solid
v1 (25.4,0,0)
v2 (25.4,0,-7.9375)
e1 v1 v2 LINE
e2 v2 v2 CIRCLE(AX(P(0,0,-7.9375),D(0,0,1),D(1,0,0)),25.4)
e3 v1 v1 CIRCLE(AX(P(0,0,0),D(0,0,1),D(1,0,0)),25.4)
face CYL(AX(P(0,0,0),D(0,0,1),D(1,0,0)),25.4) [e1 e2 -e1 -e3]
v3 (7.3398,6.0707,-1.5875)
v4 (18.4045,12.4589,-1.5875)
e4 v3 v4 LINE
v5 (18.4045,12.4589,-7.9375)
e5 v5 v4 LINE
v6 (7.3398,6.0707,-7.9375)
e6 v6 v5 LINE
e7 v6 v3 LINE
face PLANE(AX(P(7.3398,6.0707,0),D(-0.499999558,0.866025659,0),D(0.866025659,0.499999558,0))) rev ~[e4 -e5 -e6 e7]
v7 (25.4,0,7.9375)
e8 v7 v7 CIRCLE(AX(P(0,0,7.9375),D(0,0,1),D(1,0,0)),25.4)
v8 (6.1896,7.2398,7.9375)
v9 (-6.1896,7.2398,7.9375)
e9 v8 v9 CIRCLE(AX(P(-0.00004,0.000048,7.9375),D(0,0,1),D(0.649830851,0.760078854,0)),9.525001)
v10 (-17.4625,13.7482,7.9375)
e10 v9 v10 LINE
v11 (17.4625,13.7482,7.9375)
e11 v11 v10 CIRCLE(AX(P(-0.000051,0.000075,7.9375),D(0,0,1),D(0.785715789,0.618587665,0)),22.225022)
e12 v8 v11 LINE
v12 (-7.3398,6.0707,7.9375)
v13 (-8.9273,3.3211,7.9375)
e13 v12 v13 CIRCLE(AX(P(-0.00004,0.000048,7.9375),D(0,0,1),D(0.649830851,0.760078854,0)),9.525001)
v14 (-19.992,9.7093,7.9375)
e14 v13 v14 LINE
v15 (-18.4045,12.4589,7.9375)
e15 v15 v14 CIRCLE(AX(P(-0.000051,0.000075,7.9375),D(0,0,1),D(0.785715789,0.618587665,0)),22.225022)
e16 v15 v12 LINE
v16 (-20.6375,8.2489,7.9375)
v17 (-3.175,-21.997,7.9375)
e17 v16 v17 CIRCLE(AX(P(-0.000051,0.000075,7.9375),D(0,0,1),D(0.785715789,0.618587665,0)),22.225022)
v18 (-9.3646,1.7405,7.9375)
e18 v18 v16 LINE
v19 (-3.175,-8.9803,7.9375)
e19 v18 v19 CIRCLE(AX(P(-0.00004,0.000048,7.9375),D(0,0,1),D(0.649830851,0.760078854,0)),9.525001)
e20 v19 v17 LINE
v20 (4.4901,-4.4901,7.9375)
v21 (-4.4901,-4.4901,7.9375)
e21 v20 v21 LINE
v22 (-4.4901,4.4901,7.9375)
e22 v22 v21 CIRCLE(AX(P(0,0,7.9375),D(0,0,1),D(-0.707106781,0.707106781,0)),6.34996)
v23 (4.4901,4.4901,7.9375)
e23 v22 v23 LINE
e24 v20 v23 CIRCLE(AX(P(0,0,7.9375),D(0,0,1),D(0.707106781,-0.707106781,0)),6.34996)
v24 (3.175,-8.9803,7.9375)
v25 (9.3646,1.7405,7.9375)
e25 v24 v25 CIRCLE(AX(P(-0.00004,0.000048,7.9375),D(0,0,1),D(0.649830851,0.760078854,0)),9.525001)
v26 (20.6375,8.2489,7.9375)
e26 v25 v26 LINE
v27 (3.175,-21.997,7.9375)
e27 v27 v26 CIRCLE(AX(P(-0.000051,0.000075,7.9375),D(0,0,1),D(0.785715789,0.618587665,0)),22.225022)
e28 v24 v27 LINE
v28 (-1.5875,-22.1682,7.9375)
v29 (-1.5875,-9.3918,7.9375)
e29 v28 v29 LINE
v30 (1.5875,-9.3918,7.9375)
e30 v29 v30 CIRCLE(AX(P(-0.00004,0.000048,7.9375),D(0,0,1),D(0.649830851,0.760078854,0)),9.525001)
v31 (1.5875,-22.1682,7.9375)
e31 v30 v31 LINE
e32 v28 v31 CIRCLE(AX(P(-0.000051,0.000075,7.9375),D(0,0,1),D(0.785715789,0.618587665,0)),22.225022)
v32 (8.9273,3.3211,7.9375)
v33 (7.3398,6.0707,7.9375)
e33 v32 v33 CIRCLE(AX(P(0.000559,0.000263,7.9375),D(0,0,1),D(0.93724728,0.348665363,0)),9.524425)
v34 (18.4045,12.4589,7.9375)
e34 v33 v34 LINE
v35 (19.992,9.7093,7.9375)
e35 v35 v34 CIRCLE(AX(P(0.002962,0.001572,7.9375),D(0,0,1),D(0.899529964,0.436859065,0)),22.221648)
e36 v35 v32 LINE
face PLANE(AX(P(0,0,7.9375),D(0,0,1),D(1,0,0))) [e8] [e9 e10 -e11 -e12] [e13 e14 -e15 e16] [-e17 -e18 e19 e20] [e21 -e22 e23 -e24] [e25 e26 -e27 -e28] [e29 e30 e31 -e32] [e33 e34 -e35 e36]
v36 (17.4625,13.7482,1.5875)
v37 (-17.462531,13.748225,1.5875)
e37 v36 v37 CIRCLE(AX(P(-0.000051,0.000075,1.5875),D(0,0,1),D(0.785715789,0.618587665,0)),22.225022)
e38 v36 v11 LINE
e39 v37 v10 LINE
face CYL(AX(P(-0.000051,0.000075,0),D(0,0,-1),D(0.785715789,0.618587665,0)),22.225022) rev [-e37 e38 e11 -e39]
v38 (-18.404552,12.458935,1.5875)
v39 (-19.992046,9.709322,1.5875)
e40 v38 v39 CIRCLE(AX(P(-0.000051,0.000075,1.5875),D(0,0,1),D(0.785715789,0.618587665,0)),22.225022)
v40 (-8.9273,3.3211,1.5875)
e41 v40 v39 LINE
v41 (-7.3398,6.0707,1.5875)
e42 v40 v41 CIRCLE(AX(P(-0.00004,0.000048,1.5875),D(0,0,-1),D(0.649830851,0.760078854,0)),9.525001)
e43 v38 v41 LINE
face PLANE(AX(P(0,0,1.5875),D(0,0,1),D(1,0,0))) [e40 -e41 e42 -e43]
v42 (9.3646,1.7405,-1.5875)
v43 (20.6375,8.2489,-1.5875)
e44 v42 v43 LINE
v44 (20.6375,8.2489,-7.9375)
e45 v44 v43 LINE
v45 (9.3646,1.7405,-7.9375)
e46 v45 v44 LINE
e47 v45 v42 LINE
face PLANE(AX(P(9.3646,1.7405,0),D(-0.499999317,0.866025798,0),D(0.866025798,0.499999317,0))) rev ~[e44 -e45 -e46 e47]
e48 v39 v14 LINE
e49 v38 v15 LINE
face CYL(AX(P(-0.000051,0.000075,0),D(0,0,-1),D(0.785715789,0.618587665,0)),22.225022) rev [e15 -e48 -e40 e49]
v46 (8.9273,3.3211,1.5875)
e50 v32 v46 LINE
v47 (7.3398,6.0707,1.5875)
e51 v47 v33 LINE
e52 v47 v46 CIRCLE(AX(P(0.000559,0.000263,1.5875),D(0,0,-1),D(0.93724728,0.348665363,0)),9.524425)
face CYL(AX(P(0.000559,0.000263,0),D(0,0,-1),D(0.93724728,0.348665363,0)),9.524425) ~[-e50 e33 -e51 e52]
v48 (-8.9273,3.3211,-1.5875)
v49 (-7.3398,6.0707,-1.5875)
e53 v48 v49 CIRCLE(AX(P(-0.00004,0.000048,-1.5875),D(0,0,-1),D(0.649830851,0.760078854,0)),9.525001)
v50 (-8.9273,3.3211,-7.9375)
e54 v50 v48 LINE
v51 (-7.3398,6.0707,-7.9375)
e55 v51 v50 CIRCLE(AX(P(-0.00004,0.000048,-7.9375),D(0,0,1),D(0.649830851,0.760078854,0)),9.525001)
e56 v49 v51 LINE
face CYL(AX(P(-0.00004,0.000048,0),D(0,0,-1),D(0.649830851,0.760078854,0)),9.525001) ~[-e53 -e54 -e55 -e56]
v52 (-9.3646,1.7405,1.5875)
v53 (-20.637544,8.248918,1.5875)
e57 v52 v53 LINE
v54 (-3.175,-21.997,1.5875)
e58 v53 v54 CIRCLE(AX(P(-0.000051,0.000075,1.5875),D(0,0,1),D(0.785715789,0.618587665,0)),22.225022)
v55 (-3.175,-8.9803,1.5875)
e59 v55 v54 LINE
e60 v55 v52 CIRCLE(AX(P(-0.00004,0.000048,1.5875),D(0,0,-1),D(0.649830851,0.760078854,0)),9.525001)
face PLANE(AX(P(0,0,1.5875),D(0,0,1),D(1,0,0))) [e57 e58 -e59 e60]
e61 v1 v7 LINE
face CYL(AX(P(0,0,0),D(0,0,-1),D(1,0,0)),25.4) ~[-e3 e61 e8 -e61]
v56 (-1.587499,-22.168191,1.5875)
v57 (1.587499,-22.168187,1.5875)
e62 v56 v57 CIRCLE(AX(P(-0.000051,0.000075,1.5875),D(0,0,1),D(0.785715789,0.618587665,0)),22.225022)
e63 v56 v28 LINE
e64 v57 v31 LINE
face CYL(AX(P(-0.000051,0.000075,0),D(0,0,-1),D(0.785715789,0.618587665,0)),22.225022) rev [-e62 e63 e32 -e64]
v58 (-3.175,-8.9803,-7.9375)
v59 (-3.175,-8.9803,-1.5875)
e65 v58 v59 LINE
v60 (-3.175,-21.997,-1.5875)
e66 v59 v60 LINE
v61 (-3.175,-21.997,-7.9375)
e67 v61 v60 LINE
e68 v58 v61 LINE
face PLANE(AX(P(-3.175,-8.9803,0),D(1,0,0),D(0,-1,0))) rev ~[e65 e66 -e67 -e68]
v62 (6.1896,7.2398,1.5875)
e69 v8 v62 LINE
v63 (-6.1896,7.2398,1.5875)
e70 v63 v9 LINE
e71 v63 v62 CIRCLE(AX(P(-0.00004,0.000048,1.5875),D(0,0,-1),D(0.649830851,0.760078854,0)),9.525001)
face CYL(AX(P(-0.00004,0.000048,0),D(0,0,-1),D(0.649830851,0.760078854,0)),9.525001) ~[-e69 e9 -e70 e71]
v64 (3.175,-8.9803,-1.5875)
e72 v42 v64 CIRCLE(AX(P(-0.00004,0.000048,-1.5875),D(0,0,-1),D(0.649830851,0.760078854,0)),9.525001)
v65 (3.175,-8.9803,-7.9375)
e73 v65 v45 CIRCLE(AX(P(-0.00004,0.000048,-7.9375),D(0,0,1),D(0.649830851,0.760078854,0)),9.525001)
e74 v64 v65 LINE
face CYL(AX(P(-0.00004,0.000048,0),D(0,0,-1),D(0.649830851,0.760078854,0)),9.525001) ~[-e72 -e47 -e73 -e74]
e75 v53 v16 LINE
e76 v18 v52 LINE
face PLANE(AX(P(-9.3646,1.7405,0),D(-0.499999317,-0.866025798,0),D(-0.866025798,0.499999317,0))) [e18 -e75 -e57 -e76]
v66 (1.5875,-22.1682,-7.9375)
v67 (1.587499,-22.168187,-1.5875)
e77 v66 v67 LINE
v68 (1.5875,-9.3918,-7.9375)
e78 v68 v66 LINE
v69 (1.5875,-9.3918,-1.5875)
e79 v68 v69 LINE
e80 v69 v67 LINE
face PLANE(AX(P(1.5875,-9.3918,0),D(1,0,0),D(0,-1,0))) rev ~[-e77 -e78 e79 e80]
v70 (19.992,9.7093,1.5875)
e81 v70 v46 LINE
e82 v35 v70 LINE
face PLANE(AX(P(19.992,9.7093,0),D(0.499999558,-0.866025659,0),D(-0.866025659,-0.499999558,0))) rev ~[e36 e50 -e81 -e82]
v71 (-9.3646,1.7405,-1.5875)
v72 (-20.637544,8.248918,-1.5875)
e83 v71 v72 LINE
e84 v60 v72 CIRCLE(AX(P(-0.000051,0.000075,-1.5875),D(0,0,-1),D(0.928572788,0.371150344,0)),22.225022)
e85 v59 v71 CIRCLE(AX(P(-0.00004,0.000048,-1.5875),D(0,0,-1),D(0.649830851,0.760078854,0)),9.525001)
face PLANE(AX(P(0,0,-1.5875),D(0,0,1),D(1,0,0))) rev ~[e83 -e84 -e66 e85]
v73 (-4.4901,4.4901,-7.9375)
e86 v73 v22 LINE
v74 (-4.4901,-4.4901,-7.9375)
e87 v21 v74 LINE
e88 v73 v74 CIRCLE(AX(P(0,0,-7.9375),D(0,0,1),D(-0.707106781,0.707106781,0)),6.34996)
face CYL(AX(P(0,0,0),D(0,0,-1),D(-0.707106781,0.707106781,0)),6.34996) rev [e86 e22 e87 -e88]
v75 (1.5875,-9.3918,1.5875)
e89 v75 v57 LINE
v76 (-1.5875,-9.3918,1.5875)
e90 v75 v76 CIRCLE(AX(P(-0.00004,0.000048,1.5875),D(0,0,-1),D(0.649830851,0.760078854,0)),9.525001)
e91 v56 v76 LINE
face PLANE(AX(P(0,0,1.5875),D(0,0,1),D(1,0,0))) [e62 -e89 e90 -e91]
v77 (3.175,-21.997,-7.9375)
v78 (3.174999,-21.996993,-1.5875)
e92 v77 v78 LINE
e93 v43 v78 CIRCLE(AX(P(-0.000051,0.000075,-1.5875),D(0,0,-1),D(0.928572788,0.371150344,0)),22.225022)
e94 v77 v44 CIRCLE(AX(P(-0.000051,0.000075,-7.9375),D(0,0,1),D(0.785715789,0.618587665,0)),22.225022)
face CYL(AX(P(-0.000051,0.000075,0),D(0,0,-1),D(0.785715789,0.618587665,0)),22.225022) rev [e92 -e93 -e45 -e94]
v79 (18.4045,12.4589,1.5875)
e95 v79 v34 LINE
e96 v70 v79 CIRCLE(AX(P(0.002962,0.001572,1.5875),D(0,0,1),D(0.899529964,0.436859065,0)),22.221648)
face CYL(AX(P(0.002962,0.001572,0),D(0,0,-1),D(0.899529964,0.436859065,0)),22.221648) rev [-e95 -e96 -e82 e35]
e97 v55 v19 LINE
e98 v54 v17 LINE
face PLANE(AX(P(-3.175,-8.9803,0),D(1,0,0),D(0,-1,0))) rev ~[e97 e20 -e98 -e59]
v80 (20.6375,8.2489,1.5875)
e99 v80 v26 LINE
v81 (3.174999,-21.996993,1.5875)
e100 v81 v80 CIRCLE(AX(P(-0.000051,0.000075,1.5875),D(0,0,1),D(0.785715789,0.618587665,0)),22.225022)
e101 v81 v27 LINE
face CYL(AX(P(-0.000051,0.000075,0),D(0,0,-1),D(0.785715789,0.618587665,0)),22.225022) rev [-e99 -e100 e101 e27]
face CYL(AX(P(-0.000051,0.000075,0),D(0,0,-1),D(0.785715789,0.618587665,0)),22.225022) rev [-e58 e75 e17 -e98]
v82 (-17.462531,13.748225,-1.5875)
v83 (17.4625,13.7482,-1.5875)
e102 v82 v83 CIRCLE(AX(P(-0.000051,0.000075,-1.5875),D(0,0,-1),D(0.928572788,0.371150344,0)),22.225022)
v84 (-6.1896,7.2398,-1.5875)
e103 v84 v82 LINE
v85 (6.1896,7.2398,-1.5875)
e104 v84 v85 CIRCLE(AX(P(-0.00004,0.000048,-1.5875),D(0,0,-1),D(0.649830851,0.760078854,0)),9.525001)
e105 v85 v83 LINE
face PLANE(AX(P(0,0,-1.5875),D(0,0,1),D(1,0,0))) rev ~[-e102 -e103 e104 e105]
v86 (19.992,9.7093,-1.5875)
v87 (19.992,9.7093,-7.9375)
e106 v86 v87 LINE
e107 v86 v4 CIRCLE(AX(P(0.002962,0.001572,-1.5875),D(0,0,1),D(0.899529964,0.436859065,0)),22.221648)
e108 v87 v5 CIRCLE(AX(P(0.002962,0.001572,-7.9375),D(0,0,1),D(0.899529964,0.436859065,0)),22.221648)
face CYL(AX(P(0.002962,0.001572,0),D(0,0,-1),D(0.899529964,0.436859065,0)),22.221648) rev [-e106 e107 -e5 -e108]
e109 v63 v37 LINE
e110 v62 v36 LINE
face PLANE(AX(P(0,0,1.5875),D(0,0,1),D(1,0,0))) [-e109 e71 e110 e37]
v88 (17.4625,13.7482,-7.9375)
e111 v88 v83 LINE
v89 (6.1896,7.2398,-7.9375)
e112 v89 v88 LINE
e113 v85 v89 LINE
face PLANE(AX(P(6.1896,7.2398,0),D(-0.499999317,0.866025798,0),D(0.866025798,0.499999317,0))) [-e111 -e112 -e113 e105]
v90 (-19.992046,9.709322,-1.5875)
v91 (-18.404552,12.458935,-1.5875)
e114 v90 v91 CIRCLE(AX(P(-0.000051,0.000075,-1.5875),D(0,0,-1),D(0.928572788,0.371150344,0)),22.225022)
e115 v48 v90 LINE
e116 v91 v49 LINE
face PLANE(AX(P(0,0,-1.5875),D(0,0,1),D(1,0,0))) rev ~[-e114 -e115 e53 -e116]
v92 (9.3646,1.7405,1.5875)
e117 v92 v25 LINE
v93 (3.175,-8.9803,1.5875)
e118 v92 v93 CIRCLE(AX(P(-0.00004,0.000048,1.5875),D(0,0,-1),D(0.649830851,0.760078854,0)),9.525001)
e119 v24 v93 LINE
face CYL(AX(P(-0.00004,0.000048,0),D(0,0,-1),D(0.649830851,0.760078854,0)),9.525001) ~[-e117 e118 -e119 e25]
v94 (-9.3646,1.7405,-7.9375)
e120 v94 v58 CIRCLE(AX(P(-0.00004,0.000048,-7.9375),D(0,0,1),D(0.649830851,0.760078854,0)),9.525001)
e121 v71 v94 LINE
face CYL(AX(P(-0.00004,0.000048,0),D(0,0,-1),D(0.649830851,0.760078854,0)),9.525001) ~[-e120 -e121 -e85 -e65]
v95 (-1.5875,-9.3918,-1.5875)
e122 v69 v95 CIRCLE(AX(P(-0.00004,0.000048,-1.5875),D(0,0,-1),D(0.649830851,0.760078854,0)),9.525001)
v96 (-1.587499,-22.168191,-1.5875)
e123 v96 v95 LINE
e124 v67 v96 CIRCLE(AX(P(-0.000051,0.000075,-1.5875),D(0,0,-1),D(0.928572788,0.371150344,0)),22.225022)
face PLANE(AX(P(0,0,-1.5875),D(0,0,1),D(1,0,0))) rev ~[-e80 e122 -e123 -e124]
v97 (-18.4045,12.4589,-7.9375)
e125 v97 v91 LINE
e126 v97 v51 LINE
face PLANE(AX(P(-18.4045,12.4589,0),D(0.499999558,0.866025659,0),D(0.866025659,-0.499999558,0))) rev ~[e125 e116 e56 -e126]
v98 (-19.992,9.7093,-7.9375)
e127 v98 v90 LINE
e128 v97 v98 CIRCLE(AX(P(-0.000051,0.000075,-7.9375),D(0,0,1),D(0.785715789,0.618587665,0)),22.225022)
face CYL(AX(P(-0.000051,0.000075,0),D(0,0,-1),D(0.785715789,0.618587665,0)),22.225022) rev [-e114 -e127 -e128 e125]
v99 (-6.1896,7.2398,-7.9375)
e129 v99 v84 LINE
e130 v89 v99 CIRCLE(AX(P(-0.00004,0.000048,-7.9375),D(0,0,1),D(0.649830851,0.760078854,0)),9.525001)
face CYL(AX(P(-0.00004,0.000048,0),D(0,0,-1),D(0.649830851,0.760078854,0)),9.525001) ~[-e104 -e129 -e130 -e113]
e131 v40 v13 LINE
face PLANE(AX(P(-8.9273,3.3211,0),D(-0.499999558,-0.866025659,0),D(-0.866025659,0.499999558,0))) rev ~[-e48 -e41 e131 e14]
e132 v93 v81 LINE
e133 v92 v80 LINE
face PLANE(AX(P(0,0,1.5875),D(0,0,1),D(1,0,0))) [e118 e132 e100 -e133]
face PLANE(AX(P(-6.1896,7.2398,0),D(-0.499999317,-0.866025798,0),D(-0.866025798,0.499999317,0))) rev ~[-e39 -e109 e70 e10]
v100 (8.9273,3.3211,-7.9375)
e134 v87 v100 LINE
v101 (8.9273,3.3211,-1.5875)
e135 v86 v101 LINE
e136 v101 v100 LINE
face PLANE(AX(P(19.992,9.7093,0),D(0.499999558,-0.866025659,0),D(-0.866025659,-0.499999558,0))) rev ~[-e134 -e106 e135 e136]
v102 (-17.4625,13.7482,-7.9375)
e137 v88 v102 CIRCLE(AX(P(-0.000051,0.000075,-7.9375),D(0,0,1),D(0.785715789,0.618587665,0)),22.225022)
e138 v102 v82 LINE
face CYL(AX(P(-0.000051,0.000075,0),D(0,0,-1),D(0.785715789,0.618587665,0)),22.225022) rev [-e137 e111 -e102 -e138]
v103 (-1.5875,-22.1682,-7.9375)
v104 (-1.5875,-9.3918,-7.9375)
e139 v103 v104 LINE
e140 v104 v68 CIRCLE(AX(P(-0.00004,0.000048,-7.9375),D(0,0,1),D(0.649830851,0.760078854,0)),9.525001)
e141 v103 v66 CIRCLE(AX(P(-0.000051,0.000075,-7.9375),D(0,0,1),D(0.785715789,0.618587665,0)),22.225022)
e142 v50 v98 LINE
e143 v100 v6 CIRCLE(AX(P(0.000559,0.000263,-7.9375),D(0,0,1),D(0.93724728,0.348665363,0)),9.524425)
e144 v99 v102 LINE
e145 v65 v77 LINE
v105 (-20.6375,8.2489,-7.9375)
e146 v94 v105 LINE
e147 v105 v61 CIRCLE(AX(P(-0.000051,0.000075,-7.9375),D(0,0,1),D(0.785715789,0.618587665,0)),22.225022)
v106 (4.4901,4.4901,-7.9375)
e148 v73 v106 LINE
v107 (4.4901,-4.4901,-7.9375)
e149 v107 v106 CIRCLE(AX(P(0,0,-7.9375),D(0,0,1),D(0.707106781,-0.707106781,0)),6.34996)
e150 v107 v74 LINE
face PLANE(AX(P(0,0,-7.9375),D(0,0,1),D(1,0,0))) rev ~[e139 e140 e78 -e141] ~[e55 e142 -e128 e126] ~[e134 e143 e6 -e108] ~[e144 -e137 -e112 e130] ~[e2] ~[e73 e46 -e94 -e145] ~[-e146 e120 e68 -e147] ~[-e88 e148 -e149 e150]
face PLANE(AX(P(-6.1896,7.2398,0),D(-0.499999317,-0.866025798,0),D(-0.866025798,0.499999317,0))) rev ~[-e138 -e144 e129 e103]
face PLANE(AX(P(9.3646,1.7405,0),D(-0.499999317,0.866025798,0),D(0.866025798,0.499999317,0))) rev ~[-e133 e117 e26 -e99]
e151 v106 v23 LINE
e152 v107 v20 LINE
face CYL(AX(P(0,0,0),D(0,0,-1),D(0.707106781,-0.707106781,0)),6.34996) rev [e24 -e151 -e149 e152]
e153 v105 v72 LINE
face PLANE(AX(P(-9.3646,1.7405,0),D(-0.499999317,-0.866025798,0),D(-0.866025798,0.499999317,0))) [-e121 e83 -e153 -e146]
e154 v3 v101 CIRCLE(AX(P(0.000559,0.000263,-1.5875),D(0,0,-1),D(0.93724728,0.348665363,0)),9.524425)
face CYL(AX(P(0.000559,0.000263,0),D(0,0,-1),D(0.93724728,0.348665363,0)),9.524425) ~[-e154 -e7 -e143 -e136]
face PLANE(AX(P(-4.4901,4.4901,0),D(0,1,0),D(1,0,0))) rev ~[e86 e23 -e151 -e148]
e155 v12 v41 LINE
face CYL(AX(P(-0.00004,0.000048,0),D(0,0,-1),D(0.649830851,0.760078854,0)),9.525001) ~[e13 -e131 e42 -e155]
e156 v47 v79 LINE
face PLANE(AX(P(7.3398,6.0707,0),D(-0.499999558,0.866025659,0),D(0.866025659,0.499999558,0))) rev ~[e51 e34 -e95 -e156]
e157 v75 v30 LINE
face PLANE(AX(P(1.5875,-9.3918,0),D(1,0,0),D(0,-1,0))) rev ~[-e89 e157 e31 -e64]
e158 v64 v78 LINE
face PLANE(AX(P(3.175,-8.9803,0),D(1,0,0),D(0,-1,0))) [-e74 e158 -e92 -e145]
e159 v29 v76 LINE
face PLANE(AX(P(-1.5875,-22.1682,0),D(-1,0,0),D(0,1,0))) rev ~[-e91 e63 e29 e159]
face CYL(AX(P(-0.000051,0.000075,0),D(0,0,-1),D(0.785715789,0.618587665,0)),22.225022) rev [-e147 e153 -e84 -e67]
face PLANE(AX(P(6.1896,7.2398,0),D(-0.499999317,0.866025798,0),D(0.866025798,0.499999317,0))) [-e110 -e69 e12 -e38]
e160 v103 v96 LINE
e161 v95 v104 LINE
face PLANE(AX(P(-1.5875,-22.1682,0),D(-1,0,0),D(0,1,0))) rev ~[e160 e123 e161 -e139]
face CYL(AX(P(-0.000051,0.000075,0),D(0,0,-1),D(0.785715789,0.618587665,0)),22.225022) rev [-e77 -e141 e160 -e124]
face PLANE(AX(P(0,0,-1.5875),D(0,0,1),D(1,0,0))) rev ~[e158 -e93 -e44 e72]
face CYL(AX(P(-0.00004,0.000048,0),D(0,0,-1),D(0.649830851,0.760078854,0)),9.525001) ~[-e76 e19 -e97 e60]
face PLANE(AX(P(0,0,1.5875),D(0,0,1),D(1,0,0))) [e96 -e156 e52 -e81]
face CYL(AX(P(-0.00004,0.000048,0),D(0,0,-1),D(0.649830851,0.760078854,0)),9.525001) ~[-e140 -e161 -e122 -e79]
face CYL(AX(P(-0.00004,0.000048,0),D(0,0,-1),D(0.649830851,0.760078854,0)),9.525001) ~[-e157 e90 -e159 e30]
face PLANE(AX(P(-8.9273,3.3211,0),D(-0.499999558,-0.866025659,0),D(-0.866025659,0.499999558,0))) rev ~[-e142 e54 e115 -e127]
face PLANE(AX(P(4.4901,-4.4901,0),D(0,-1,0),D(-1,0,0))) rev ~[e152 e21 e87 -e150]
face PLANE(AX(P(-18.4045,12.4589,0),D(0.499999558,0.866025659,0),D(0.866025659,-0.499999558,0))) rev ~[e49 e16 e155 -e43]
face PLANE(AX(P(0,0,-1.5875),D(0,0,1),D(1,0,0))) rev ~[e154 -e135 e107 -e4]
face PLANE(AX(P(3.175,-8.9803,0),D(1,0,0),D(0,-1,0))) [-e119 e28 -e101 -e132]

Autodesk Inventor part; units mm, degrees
ref_plane "YZ Plane" through (0, 0, 0) normal (1, 0, 0) x (0, 1, 0)
ref_plane "XZ Plane" through (0, 0, 0) normal (0, 1, 0) x (-1, 0, 0)
ref_plane "XY Plane" through (0, 0, 0) normal (0, 0, 1) x (1, 0, 0)
sketch "Sketch1" plane through (0, 0, 0) normal (0, 0, 1) x (1, 0, 0)
  line L0 (-4.4901, 4.4901) -> (4.4901, 4.4901)
  line L1 (4.4901, 4.4901) -> (4.4901, -4.4901) construction
  line L2 (4.4901, -4.4901) -> (-4.4901, -4.4901)
  line L3 (-4.4901, -4.4901) -> (-4.4901, 4.4901) construction
  arc A0 (-4.4901, 4.4901) -> (-4.4901, -4.4901) centre (0, 0) ccw
  arc A1 (4.4901, -4.4901) -> (4.4901, 4.4901) centre (0, 0) ccw
  arc A2 (6.1896, 7.2398) -> (9.3646, 1.7405) centre (0, 0) ccw
  arc A3 (17.4625, 13.7482) -> (20.6375, 8.2489) centre (0, 0) ccw
  circle A4 centre (0, 0) radius 25.4
  line L4 (6.1896, 7.2398) -> (17.4625, 13.7482)
  line L5 (7.3398, 6.0707) -> (18.4045, 12.4589)
  line L6 (19.992, 9.7093) -> (8.9273, 3.3211)
  line L7 (9.3646, 1.7405) -> (20.6375, 8.2489)
  line L8 (0, 0) -> (19.2474, 11.1125) construction
  arc A5 (7.3398, 6.0707) -> (6.1896, 7.2398) centre (0, 0) ccw
  arc A6 (8.9273, 3.3211) -> (7.3398, 6.0707) centre (0, 0) ccw
  arc A7 (9.3646, 1.7405) -> (8.9273, 3.3211) centre (0, 0) ccw
  arc A8 (18.4045, 12.4589) -> (17.4625, 13.7482) centre (0, 0) ccw
  arc A9 (19.992, 9.7093) -> (18.4045, 12.4589) centre (0, 0) ccw
  arc A10 (20.6375, 8.2489) -> (19.992, 9.7093) centre (0, 0) ccw
  line L9 (-9.3646, 1.7405) -> (-20.6375, 8.2489)
  line L10 (-8.9273, 3.3211) -> (-19.992, 9.7093)
  line L11 (-18.4045, 12.4589) -> (-7.3398, 6.0707)
  line L12 (-6.1896, 7.2398) -> (-17.4625, 13.7482)
  arc A11 (-8.9273, 3.3211) -> (-9.3646, 1.7405) centre (0, 0) ccw
  arc A12 (-6.1896, 7.2398) -> (-7.3398, 6.0707) centre (0, 0) ccw
  arc A13 (-19.992, 9.7093) -> (-20.6375, 8.2489) centre (0, 0) ccw
  arc A14 (-17.4625, 13.7482) -> (-18.4045, 12.4589) centre (0, 0) ccw
  line L13 (3.175, -8.9803) -> (3.175, -21.997)
  line L14 (1.5875, -9.3918) -> (1.5875, -22.1682)
  line L15 (-1.5875, -22.1682) -> (-1.5875, -9.3918)
  line L16 (-3.175, -8.9803) -> (-3.175, -21.997)
  arc A15 (1.5875, -9.3918) -> (3.175, -8.9803) centre (0, 0) ccw
  arc A16 (-3.175, -8.9803) -> (-1.5875, -9.3918) centre (0, 0) ccw
  arc A17 (1.5875, -22.1682) -> (3.175, -21.997) centre (0, 0) ccw
  arc A18 (-3.175, -21.997) -> (-1.5875, -22.1682) centre (0, 0) ccw
  dimension "d4" = 6.35
  dimension "d5" = 8.9803
  dimension "d6" = 8.9803
  dimension "d7" = 19.05
  dimension "d8" = 44.45
  dimension "d9" = 50.8
  dimension "d14" = 1.5875
  dimension "d15" = 3.175
  dimension "d16" = 1.5875
  dimension "d17" = 1.5875
  dimension "d18" = 30
  dimension "d21" = 360
extrude "Extrusion1" add sketch "Sketch1" along normal mid plane 15.875 contours A5 A6 A7 A2 | L4 A8 L5 A5 | A2 L11 A3 L12 | L6 A10 L7 A7 | A2 L9 A3 L10 | L13 A3 L14 A2 | A2 L15 A3 L16 | A4
extrude "Extrusion2" add sketch "Sketch1" along normal mid plane 3.175 contours A5 A6 A7 A2 | A2 L12 A3 L4 | A2 L11 A3 L12 | L5 A9 L6 A6 | A2 L10 A3 L11 | A2 L9 A3 L10 | L7 A3 L13 A2 | A2 L16 A3 L9 | L13 A3 L14 A2 | A2 L15 A3 L16 | L14 A3 L15 A2
equation "\"d5\" = d6"
equation "\"d16\" = d14"
equation "\"d17\" = 0.5 * d15"
properties part number "blue wheel hub"
